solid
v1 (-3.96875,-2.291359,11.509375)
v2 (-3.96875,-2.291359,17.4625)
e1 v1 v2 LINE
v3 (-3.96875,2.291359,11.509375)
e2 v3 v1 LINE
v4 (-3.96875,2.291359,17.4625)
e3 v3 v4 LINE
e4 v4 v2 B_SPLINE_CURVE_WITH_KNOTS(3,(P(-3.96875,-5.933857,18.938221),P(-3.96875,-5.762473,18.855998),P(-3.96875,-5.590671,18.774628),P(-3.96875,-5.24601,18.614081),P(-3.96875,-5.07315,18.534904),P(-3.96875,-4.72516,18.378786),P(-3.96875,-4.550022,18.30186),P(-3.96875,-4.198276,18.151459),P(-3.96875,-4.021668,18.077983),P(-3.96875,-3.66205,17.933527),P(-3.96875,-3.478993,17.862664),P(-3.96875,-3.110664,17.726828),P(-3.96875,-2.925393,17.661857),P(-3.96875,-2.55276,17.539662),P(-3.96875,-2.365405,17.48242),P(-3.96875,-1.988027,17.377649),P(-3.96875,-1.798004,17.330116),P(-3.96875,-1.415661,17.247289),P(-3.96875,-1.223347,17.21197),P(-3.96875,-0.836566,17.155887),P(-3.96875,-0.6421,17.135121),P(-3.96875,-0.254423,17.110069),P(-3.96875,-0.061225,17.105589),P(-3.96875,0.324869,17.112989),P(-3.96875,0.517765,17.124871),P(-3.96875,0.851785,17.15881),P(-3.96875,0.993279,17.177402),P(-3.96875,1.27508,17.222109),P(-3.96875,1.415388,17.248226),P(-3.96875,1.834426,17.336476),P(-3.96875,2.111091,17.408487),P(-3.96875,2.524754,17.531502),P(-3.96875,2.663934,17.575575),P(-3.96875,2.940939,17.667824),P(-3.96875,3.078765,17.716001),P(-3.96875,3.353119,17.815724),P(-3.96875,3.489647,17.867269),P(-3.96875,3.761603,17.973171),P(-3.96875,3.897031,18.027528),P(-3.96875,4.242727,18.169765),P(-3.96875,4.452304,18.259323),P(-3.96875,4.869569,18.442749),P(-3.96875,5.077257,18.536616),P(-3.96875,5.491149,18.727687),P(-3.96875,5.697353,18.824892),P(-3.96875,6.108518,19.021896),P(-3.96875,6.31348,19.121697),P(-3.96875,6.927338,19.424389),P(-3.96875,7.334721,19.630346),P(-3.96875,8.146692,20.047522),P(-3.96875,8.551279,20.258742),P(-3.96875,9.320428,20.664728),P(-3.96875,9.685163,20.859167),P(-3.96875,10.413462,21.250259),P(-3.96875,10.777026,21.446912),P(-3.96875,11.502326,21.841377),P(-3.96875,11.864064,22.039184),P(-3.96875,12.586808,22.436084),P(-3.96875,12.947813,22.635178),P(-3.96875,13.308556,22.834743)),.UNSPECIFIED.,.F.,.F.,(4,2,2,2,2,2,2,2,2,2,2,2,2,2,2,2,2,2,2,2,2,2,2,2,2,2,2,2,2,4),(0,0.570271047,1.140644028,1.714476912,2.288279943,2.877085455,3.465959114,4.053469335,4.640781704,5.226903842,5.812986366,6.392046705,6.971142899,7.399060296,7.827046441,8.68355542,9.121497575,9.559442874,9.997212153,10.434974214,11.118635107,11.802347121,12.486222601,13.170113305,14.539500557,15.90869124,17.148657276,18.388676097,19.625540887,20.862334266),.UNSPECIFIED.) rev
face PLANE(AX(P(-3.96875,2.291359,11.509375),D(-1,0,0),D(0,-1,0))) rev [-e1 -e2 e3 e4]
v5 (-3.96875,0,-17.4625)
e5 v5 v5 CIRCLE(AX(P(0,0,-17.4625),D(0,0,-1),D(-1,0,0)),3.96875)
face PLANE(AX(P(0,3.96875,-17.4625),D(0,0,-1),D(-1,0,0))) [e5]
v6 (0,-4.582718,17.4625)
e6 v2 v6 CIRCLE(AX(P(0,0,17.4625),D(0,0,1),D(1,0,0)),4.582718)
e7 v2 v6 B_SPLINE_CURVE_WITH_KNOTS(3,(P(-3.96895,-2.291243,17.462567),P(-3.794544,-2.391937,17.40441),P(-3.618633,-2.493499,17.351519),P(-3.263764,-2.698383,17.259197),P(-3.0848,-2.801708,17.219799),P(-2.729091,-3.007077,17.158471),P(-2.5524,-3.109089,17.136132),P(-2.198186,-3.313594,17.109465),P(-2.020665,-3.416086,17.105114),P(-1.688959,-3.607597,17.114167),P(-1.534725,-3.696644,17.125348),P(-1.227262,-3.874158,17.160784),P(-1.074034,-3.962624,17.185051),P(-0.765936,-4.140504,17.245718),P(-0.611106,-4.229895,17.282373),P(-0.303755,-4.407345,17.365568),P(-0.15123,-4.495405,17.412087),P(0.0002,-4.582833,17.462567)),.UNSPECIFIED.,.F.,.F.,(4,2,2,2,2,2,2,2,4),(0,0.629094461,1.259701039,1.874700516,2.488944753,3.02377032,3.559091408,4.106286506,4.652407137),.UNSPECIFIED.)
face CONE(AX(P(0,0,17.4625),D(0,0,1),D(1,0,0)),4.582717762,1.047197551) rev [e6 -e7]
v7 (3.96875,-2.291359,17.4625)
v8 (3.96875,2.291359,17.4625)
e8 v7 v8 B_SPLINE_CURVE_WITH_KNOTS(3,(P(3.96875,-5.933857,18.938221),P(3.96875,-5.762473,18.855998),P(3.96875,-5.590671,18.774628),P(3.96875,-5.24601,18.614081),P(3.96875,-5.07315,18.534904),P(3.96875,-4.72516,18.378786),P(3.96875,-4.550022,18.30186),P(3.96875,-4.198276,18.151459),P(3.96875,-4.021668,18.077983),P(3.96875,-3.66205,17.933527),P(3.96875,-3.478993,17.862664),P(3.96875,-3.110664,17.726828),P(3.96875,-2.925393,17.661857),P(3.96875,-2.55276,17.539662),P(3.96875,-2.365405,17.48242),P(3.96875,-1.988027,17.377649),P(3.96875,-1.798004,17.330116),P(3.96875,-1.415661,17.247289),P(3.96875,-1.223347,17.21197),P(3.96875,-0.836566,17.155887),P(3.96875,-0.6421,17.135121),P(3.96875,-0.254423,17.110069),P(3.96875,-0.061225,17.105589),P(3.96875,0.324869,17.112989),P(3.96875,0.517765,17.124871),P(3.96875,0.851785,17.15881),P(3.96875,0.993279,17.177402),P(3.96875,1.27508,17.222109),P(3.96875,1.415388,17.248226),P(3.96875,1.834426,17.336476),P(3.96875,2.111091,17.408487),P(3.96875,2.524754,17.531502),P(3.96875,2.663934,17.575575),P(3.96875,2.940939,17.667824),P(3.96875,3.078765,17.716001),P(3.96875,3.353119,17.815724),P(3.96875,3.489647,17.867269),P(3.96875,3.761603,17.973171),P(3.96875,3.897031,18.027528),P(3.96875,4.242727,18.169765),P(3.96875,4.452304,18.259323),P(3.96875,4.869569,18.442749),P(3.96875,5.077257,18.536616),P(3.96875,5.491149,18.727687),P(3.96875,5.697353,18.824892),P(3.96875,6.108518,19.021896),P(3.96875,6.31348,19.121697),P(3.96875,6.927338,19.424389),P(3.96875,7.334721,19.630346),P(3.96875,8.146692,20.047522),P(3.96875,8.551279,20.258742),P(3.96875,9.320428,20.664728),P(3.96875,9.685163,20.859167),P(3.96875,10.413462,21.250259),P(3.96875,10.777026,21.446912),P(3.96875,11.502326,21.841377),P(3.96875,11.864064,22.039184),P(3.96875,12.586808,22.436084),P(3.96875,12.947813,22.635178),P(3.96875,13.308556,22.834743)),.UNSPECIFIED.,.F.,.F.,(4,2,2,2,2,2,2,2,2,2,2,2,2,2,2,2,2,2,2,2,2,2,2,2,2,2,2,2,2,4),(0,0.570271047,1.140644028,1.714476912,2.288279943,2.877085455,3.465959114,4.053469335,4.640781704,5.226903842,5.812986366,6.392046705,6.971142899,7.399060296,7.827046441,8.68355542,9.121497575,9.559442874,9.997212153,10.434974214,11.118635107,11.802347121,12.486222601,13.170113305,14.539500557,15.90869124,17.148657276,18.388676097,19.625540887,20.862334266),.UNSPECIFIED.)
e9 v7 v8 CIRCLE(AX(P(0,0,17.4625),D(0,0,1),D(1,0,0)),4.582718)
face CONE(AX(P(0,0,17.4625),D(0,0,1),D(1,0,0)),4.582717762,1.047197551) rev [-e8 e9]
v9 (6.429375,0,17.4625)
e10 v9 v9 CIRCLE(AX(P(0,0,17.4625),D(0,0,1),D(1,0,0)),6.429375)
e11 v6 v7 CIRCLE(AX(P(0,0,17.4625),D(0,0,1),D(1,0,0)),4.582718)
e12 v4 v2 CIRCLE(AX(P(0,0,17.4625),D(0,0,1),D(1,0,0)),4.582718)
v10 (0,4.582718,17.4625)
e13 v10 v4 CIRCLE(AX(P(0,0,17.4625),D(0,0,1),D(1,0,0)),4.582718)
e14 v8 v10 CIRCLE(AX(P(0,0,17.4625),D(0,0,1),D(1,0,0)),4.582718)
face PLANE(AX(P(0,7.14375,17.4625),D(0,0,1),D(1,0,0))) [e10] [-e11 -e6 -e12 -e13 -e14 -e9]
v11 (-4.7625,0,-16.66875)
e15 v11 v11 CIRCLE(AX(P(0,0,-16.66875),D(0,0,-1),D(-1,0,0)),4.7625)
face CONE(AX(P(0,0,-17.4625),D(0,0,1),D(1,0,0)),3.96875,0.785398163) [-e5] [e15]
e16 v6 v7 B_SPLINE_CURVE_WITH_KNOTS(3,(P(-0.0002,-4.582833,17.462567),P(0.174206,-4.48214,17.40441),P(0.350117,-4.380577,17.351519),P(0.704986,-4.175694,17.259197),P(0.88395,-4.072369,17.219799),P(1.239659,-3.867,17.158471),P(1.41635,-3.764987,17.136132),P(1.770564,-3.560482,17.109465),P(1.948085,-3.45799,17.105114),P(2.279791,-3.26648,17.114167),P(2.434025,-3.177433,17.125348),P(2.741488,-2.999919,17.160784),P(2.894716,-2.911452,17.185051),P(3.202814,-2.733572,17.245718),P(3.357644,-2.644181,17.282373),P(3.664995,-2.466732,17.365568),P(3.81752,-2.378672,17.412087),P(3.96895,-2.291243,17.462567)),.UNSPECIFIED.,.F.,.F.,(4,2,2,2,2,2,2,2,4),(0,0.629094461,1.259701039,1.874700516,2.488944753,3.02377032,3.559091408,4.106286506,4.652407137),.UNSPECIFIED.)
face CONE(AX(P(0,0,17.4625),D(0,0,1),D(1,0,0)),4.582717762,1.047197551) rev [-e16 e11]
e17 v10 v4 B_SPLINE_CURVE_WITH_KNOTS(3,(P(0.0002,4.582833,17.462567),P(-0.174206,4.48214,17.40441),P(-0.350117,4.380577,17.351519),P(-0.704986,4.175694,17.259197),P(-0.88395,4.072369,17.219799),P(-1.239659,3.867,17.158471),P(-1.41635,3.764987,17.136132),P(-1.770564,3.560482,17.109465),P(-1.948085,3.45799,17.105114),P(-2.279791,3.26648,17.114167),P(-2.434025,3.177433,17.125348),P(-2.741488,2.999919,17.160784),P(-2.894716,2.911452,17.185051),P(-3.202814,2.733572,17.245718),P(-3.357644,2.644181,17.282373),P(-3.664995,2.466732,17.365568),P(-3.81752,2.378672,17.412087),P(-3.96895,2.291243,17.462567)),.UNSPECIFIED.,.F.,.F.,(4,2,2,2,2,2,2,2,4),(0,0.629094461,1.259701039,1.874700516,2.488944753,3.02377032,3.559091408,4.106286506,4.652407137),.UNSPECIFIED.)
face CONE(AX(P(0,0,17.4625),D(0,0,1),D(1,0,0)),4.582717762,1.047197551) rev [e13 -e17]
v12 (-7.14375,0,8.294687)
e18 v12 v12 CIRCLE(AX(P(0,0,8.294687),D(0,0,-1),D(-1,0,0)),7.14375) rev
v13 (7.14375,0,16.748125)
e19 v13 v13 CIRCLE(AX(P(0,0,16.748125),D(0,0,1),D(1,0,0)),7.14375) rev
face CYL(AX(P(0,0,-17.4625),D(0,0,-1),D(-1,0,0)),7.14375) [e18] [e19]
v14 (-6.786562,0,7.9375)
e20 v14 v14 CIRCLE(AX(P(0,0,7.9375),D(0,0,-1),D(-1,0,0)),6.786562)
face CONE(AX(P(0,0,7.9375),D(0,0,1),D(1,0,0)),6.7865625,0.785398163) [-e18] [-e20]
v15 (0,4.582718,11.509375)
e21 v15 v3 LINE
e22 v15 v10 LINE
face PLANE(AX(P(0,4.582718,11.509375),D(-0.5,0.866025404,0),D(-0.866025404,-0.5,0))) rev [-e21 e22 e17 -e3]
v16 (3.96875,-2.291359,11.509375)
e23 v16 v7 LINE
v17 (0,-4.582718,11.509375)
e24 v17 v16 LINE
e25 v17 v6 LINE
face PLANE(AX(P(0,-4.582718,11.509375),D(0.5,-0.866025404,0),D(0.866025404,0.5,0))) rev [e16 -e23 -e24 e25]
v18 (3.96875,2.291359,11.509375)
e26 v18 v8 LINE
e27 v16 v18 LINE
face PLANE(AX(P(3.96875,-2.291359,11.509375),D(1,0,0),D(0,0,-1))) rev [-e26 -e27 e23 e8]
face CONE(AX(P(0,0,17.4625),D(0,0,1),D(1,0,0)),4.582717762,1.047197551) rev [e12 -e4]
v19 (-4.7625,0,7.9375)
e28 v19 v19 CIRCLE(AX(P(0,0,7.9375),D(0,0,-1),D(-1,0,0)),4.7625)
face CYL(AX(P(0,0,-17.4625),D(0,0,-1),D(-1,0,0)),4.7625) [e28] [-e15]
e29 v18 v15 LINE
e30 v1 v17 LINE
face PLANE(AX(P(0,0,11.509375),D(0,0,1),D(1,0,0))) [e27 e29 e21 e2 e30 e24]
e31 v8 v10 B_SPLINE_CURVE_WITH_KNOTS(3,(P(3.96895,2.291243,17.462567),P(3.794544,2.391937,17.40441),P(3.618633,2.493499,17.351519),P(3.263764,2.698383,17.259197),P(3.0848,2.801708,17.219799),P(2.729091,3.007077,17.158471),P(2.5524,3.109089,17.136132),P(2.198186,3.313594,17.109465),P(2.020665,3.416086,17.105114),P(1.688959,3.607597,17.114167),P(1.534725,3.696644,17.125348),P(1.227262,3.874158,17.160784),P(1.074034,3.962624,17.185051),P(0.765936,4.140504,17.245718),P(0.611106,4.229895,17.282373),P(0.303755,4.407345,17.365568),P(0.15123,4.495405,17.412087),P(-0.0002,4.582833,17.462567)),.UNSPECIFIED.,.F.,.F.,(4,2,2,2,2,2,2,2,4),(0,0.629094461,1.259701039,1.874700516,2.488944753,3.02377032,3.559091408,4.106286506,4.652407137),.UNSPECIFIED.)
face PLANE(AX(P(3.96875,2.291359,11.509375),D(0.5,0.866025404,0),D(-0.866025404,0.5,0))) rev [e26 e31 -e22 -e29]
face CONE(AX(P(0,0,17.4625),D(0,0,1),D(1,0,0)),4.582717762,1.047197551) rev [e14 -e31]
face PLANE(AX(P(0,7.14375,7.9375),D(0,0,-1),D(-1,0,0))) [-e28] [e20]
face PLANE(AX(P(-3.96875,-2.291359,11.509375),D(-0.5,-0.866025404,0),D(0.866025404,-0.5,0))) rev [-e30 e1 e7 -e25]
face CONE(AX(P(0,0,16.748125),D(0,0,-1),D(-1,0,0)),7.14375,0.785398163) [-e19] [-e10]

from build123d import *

# Parameters (mm, degrees)
CUT_EXTRUDE1_DEPTH = 5.953125
CHAMFER1_SIZE      = 0.714375
CHAMFER2_SIZE      = 0.3571875


with BuildPart() as part:
    # Sketch2 → Revolve1 (revolve)
    with BuildSketch(Plane(origin=(0, 0, 0), x_dir=(0, 0, -1), z_dir=(1, 0, 0))):
        Polygon((17.4625, 3.96875), (16.66875, 4.7625), (-7.9375, 4.7625), (-7.9375, 7.14375), (-17.4625, 7.14375), (-17.4625, 0), (17.4625, 0), align=None)
    revolve(axis=Axis((0, 0, -17.4625), (0, 0, 1)))

    # Sketch4 → Cut-Extrude1 (cut)
    with BuildSketch(Plane.XY.offset(17.4625)):
        Polygon((0, 4.582717762), (-3.96875, 2.291358881), (-3.96875, -2.291358881), (0, -4.582717762), (3.96875, -2.291358881), (3.96875, 2.291358881), align=None)
    extrude(amount=-CUT_EXTRUDE1_DEPTH, mode=Mode.SUBTRACT)

    # Cut-Extrude2 cone 1 section (through the dimple's axis) → Cut-Extrude2 (revolve, cut)
    with BuildSketch(Plane(origin=(0, 0, 17.4625), x_dir=(0, -1, 0), z_dir=(1, 0, 0))):
        Polygon((0, 0), (4.582717762, 0), (0, 2.645833333), align=None)
    revolve(axis=Axis((0, 0, 17.4625), (0, 0, -1)), mode=Mode.SUBTRACT)

    # Chamfer1
    chamfer1_edges = [part.edges().sort_by_distance(p)[0] for p in [
        (0, -7.14375, 17.4625),
    ]]
    chamfer(chamfer1_edges, length=CHAMFER1_SIZE)

    # Chamfer2
    chamfer2_edges = [part.edges().sort_by_distance(p)[0] for p in [
        (0, -7.14375, 7.9375),
    ]]
    chamfer(chamfer2_edges, length=CHAMFER2_SIZE)


solid = part.part
